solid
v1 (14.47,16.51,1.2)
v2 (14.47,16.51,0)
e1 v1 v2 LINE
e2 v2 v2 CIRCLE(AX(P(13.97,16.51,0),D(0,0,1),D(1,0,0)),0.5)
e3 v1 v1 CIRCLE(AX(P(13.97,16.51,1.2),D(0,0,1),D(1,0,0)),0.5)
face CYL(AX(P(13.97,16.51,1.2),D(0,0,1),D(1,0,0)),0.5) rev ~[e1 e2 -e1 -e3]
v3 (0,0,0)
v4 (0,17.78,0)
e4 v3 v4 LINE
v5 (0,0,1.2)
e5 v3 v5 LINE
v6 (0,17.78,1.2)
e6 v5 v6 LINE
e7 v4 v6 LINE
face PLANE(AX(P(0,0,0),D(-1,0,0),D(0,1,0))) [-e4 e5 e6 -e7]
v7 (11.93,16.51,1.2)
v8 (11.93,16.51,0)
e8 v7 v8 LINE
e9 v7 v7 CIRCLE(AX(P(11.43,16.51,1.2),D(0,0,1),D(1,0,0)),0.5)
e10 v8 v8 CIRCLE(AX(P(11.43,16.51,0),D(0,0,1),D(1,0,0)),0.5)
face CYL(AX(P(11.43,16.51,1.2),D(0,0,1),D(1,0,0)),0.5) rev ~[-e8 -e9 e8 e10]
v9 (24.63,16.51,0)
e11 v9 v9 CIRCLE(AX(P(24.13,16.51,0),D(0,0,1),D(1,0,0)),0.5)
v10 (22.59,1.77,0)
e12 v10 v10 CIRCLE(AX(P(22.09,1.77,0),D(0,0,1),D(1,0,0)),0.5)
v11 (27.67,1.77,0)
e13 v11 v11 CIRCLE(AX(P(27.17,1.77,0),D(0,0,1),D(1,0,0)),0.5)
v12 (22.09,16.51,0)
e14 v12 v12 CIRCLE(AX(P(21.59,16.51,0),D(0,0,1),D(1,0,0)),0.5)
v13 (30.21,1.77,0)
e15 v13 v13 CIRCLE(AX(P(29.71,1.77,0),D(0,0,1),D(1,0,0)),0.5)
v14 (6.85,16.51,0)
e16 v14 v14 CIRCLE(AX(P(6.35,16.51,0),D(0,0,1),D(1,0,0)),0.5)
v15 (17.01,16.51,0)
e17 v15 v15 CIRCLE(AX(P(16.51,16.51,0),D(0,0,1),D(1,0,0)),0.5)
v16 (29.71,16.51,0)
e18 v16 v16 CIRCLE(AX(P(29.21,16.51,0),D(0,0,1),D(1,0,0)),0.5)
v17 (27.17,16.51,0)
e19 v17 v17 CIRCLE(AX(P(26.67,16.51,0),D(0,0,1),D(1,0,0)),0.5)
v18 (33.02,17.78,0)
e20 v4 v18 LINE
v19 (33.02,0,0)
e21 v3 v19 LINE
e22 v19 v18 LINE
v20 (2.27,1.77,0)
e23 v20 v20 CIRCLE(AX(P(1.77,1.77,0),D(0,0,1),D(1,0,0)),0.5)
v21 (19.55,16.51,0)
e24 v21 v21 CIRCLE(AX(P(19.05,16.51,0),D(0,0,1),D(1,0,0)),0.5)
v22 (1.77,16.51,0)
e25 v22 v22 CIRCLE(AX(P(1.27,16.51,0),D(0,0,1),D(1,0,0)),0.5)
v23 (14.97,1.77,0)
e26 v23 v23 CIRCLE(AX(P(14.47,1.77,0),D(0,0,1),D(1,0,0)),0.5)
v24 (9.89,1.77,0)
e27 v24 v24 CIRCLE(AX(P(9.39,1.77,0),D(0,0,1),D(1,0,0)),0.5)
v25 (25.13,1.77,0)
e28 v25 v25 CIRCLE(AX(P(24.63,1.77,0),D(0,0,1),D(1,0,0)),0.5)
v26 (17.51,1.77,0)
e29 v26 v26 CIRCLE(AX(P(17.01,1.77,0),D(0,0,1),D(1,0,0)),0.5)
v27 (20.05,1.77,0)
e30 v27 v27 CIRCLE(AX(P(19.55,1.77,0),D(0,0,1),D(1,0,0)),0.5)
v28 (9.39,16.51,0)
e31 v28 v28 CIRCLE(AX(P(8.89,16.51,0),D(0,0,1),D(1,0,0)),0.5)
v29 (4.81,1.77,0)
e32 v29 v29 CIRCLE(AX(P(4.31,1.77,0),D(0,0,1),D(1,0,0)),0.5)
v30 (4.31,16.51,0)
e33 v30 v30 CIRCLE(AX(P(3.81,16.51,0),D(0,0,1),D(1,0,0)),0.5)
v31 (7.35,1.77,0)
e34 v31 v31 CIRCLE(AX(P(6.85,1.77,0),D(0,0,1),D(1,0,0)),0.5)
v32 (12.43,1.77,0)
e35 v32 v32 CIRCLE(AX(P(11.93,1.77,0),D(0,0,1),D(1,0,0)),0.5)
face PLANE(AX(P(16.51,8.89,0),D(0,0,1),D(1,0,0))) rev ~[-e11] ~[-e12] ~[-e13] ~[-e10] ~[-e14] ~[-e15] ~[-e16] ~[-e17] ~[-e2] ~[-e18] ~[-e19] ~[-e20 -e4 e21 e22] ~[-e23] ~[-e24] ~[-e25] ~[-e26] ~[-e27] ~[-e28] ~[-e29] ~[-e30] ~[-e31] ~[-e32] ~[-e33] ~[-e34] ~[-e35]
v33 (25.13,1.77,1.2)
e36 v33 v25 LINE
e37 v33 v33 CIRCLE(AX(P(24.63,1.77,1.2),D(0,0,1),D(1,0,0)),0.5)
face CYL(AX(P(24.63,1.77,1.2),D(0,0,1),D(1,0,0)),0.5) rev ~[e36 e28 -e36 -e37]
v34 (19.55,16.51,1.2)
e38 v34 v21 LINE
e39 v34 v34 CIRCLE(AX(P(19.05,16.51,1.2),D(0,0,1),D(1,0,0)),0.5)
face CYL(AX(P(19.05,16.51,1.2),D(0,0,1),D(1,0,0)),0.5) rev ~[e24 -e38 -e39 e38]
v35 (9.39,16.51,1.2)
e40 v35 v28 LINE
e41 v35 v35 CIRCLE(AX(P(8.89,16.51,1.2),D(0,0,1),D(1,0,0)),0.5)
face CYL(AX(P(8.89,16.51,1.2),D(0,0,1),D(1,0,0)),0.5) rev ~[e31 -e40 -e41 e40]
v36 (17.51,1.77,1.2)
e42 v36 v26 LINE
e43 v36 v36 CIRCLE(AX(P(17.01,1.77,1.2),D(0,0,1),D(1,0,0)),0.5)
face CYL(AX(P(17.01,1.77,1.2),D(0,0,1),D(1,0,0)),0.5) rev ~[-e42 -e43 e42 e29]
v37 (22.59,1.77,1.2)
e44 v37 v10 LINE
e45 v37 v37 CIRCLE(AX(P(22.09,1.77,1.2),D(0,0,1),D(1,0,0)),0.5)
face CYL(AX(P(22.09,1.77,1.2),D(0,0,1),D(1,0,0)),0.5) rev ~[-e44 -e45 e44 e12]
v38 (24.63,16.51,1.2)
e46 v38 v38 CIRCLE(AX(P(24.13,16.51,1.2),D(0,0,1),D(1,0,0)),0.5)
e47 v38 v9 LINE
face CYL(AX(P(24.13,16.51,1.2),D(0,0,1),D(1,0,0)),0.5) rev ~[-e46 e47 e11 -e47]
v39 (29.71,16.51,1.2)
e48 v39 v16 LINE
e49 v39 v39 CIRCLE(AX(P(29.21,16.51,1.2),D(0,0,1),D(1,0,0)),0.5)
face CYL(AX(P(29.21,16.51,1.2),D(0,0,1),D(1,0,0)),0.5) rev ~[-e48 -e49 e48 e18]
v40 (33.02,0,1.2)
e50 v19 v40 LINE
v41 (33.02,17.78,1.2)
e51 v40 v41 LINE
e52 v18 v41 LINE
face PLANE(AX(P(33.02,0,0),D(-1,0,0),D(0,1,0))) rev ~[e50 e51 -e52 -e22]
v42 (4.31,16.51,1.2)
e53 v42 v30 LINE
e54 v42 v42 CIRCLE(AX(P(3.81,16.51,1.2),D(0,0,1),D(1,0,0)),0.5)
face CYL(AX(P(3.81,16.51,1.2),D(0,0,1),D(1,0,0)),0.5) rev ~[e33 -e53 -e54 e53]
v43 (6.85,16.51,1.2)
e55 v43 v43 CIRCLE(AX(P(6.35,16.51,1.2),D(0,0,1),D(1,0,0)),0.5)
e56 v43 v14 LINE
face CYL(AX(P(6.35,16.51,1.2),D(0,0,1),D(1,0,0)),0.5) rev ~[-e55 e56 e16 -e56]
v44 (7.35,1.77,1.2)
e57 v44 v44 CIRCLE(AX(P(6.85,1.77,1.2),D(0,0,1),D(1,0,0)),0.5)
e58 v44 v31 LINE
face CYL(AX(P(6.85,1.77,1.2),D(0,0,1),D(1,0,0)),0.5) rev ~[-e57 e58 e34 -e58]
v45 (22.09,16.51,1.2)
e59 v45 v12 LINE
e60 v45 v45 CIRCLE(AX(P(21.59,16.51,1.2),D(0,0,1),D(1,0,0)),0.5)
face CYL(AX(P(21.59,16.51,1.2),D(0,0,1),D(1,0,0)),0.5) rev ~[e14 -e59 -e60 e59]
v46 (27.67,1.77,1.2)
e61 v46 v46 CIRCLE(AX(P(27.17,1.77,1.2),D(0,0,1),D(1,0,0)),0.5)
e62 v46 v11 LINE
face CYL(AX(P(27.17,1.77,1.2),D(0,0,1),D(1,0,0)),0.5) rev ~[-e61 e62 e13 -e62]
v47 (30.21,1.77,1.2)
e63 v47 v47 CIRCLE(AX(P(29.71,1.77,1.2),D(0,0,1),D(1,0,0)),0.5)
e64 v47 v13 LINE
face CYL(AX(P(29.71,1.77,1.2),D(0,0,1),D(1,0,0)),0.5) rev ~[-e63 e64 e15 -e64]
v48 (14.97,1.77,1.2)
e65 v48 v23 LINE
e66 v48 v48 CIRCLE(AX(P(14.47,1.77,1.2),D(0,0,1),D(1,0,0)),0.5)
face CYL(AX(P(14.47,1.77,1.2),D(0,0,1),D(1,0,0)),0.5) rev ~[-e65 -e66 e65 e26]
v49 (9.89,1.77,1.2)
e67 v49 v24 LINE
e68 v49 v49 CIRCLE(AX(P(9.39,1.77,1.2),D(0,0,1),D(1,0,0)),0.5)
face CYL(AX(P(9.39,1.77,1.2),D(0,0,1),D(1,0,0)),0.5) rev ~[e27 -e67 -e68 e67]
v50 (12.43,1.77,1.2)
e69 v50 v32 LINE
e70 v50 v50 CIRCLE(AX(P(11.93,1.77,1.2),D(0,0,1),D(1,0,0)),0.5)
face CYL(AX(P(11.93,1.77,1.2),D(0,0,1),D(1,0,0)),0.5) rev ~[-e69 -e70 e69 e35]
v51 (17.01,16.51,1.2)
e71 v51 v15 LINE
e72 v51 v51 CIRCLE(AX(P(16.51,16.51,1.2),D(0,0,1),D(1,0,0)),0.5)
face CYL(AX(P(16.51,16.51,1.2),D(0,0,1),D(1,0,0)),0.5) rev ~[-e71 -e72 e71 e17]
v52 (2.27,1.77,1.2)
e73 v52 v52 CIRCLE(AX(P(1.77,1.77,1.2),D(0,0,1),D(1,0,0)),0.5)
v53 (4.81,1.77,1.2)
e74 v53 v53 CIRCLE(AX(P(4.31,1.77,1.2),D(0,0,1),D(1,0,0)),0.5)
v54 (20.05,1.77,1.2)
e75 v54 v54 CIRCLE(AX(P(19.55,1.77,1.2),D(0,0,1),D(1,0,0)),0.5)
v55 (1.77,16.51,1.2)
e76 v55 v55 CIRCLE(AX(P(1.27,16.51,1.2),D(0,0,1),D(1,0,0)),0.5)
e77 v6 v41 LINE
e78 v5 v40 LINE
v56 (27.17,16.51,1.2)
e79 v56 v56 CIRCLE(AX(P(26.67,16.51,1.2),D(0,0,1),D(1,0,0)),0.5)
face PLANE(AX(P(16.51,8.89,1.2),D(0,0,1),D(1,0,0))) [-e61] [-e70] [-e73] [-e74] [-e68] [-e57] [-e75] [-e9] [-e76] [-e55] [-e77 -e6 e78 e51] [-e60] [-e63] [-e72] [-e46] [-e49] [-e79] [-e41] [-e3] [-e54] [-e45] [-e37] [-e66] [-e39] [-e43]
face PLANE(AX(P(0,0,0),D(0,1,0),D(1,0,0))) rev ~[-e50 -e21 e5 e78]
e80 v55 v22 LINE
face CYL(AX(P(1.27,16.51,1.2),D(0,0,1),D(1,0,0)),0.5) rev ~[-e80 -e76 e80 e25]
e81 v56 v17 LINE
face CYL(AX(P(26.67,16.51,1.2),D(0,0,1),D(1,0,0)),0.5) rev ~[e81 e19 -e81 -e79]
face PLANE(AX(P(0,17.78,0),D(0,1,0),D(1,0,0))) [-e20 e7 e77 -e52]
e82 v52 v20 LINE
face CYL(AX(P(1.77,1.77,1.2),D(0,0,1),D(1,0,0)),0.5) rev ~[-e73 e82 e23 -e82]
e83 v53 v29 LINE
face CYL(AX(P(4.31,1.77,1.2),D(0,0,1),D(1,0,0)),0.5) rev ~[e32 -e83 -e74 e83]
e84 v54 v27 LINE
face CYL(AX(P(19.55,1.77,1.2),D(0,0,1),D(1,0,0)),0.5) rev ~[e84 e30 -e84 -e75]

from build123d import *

# Parameters (mm, degrees)
F0_W     = 33.02
F0_H     = 17.78
F1_DEPTH = 1.2
F2_R     = 0.5
F3_DEPTH = 1.201


with BuildPart() as f1:
    # F0 (on Top) → F1 (new body)
    with BuildSketch(Plane.XY):
        with Locations((16.51, 8.89)):
            Rectangle(F0_W, F0_H)
    extrude(amount=F1_DEPTH)

    # F2 (on face) → F3 (cut, through all)
    with BuildSketch(Plane.XY.offset(1.2)):
        with Locations((1.27, 16.51)):
            Circle(F2_R)
        with Locations((3.81, 16.51)):
            Circle(F2_R)
        with Locations((6.35, 16.51)):
            Circle(F2_R)
        with Locations((8.89, 16.51)):
            Circle(F2_R)
        with Locations((11.43, 16.51)):
            Circle(F2_R)
        with Locations((13.97, 16.51)):
            Circle(F2_R)
        with Locations((16.51, 16.51)):
            Circle(F2_R)
        with Locations((19.05, 16.51)):
            Circle(F2_R)
        with Locations((21.59, 16.51)):
            Circle(F2_R)
        with Locations((24.13, 16.51)):
            Circle(F2_R)
        with Locations((26.67, 16.51)):
            Circle(F2_R)
        with Locations((29.21, 16.51)):
            Circle(F2_R)
        with Locations((29.71, 1.77)):
            Circle(F2_R)
        with Locations((27.17, 1.77)):
            Circle(F2_R)
        with Locations((24.63, 1.77)):
            Circle(F2_R)
        with Locations((22.09, 1.77)):
            Circle(F2_R)
        with Locations((19.55, 1.77)):
            Circle(F2_R)
        with Locations((17.01, 1.77)):
            Circle(F2_R)
        with Locations((14.47, 1.77)):
            Circle(F2_R)
        with Locations((11.93, 1.77)):
            Circle(F2_R)
        with Locations((9.39, 1.77)):
            Circle(F2_R)
        with Locations((6.85, 1.77)):
            Circle(F2_R)
        with Locations((4.31, 1.77)):
            Circle(F2_R)
        with Locations((1.77, 1.77)):
            Circle(F2_R)
    extrude(amount=-F3_DEPTH, mode=Mode.SUBTRACT)


solid = f1.part
